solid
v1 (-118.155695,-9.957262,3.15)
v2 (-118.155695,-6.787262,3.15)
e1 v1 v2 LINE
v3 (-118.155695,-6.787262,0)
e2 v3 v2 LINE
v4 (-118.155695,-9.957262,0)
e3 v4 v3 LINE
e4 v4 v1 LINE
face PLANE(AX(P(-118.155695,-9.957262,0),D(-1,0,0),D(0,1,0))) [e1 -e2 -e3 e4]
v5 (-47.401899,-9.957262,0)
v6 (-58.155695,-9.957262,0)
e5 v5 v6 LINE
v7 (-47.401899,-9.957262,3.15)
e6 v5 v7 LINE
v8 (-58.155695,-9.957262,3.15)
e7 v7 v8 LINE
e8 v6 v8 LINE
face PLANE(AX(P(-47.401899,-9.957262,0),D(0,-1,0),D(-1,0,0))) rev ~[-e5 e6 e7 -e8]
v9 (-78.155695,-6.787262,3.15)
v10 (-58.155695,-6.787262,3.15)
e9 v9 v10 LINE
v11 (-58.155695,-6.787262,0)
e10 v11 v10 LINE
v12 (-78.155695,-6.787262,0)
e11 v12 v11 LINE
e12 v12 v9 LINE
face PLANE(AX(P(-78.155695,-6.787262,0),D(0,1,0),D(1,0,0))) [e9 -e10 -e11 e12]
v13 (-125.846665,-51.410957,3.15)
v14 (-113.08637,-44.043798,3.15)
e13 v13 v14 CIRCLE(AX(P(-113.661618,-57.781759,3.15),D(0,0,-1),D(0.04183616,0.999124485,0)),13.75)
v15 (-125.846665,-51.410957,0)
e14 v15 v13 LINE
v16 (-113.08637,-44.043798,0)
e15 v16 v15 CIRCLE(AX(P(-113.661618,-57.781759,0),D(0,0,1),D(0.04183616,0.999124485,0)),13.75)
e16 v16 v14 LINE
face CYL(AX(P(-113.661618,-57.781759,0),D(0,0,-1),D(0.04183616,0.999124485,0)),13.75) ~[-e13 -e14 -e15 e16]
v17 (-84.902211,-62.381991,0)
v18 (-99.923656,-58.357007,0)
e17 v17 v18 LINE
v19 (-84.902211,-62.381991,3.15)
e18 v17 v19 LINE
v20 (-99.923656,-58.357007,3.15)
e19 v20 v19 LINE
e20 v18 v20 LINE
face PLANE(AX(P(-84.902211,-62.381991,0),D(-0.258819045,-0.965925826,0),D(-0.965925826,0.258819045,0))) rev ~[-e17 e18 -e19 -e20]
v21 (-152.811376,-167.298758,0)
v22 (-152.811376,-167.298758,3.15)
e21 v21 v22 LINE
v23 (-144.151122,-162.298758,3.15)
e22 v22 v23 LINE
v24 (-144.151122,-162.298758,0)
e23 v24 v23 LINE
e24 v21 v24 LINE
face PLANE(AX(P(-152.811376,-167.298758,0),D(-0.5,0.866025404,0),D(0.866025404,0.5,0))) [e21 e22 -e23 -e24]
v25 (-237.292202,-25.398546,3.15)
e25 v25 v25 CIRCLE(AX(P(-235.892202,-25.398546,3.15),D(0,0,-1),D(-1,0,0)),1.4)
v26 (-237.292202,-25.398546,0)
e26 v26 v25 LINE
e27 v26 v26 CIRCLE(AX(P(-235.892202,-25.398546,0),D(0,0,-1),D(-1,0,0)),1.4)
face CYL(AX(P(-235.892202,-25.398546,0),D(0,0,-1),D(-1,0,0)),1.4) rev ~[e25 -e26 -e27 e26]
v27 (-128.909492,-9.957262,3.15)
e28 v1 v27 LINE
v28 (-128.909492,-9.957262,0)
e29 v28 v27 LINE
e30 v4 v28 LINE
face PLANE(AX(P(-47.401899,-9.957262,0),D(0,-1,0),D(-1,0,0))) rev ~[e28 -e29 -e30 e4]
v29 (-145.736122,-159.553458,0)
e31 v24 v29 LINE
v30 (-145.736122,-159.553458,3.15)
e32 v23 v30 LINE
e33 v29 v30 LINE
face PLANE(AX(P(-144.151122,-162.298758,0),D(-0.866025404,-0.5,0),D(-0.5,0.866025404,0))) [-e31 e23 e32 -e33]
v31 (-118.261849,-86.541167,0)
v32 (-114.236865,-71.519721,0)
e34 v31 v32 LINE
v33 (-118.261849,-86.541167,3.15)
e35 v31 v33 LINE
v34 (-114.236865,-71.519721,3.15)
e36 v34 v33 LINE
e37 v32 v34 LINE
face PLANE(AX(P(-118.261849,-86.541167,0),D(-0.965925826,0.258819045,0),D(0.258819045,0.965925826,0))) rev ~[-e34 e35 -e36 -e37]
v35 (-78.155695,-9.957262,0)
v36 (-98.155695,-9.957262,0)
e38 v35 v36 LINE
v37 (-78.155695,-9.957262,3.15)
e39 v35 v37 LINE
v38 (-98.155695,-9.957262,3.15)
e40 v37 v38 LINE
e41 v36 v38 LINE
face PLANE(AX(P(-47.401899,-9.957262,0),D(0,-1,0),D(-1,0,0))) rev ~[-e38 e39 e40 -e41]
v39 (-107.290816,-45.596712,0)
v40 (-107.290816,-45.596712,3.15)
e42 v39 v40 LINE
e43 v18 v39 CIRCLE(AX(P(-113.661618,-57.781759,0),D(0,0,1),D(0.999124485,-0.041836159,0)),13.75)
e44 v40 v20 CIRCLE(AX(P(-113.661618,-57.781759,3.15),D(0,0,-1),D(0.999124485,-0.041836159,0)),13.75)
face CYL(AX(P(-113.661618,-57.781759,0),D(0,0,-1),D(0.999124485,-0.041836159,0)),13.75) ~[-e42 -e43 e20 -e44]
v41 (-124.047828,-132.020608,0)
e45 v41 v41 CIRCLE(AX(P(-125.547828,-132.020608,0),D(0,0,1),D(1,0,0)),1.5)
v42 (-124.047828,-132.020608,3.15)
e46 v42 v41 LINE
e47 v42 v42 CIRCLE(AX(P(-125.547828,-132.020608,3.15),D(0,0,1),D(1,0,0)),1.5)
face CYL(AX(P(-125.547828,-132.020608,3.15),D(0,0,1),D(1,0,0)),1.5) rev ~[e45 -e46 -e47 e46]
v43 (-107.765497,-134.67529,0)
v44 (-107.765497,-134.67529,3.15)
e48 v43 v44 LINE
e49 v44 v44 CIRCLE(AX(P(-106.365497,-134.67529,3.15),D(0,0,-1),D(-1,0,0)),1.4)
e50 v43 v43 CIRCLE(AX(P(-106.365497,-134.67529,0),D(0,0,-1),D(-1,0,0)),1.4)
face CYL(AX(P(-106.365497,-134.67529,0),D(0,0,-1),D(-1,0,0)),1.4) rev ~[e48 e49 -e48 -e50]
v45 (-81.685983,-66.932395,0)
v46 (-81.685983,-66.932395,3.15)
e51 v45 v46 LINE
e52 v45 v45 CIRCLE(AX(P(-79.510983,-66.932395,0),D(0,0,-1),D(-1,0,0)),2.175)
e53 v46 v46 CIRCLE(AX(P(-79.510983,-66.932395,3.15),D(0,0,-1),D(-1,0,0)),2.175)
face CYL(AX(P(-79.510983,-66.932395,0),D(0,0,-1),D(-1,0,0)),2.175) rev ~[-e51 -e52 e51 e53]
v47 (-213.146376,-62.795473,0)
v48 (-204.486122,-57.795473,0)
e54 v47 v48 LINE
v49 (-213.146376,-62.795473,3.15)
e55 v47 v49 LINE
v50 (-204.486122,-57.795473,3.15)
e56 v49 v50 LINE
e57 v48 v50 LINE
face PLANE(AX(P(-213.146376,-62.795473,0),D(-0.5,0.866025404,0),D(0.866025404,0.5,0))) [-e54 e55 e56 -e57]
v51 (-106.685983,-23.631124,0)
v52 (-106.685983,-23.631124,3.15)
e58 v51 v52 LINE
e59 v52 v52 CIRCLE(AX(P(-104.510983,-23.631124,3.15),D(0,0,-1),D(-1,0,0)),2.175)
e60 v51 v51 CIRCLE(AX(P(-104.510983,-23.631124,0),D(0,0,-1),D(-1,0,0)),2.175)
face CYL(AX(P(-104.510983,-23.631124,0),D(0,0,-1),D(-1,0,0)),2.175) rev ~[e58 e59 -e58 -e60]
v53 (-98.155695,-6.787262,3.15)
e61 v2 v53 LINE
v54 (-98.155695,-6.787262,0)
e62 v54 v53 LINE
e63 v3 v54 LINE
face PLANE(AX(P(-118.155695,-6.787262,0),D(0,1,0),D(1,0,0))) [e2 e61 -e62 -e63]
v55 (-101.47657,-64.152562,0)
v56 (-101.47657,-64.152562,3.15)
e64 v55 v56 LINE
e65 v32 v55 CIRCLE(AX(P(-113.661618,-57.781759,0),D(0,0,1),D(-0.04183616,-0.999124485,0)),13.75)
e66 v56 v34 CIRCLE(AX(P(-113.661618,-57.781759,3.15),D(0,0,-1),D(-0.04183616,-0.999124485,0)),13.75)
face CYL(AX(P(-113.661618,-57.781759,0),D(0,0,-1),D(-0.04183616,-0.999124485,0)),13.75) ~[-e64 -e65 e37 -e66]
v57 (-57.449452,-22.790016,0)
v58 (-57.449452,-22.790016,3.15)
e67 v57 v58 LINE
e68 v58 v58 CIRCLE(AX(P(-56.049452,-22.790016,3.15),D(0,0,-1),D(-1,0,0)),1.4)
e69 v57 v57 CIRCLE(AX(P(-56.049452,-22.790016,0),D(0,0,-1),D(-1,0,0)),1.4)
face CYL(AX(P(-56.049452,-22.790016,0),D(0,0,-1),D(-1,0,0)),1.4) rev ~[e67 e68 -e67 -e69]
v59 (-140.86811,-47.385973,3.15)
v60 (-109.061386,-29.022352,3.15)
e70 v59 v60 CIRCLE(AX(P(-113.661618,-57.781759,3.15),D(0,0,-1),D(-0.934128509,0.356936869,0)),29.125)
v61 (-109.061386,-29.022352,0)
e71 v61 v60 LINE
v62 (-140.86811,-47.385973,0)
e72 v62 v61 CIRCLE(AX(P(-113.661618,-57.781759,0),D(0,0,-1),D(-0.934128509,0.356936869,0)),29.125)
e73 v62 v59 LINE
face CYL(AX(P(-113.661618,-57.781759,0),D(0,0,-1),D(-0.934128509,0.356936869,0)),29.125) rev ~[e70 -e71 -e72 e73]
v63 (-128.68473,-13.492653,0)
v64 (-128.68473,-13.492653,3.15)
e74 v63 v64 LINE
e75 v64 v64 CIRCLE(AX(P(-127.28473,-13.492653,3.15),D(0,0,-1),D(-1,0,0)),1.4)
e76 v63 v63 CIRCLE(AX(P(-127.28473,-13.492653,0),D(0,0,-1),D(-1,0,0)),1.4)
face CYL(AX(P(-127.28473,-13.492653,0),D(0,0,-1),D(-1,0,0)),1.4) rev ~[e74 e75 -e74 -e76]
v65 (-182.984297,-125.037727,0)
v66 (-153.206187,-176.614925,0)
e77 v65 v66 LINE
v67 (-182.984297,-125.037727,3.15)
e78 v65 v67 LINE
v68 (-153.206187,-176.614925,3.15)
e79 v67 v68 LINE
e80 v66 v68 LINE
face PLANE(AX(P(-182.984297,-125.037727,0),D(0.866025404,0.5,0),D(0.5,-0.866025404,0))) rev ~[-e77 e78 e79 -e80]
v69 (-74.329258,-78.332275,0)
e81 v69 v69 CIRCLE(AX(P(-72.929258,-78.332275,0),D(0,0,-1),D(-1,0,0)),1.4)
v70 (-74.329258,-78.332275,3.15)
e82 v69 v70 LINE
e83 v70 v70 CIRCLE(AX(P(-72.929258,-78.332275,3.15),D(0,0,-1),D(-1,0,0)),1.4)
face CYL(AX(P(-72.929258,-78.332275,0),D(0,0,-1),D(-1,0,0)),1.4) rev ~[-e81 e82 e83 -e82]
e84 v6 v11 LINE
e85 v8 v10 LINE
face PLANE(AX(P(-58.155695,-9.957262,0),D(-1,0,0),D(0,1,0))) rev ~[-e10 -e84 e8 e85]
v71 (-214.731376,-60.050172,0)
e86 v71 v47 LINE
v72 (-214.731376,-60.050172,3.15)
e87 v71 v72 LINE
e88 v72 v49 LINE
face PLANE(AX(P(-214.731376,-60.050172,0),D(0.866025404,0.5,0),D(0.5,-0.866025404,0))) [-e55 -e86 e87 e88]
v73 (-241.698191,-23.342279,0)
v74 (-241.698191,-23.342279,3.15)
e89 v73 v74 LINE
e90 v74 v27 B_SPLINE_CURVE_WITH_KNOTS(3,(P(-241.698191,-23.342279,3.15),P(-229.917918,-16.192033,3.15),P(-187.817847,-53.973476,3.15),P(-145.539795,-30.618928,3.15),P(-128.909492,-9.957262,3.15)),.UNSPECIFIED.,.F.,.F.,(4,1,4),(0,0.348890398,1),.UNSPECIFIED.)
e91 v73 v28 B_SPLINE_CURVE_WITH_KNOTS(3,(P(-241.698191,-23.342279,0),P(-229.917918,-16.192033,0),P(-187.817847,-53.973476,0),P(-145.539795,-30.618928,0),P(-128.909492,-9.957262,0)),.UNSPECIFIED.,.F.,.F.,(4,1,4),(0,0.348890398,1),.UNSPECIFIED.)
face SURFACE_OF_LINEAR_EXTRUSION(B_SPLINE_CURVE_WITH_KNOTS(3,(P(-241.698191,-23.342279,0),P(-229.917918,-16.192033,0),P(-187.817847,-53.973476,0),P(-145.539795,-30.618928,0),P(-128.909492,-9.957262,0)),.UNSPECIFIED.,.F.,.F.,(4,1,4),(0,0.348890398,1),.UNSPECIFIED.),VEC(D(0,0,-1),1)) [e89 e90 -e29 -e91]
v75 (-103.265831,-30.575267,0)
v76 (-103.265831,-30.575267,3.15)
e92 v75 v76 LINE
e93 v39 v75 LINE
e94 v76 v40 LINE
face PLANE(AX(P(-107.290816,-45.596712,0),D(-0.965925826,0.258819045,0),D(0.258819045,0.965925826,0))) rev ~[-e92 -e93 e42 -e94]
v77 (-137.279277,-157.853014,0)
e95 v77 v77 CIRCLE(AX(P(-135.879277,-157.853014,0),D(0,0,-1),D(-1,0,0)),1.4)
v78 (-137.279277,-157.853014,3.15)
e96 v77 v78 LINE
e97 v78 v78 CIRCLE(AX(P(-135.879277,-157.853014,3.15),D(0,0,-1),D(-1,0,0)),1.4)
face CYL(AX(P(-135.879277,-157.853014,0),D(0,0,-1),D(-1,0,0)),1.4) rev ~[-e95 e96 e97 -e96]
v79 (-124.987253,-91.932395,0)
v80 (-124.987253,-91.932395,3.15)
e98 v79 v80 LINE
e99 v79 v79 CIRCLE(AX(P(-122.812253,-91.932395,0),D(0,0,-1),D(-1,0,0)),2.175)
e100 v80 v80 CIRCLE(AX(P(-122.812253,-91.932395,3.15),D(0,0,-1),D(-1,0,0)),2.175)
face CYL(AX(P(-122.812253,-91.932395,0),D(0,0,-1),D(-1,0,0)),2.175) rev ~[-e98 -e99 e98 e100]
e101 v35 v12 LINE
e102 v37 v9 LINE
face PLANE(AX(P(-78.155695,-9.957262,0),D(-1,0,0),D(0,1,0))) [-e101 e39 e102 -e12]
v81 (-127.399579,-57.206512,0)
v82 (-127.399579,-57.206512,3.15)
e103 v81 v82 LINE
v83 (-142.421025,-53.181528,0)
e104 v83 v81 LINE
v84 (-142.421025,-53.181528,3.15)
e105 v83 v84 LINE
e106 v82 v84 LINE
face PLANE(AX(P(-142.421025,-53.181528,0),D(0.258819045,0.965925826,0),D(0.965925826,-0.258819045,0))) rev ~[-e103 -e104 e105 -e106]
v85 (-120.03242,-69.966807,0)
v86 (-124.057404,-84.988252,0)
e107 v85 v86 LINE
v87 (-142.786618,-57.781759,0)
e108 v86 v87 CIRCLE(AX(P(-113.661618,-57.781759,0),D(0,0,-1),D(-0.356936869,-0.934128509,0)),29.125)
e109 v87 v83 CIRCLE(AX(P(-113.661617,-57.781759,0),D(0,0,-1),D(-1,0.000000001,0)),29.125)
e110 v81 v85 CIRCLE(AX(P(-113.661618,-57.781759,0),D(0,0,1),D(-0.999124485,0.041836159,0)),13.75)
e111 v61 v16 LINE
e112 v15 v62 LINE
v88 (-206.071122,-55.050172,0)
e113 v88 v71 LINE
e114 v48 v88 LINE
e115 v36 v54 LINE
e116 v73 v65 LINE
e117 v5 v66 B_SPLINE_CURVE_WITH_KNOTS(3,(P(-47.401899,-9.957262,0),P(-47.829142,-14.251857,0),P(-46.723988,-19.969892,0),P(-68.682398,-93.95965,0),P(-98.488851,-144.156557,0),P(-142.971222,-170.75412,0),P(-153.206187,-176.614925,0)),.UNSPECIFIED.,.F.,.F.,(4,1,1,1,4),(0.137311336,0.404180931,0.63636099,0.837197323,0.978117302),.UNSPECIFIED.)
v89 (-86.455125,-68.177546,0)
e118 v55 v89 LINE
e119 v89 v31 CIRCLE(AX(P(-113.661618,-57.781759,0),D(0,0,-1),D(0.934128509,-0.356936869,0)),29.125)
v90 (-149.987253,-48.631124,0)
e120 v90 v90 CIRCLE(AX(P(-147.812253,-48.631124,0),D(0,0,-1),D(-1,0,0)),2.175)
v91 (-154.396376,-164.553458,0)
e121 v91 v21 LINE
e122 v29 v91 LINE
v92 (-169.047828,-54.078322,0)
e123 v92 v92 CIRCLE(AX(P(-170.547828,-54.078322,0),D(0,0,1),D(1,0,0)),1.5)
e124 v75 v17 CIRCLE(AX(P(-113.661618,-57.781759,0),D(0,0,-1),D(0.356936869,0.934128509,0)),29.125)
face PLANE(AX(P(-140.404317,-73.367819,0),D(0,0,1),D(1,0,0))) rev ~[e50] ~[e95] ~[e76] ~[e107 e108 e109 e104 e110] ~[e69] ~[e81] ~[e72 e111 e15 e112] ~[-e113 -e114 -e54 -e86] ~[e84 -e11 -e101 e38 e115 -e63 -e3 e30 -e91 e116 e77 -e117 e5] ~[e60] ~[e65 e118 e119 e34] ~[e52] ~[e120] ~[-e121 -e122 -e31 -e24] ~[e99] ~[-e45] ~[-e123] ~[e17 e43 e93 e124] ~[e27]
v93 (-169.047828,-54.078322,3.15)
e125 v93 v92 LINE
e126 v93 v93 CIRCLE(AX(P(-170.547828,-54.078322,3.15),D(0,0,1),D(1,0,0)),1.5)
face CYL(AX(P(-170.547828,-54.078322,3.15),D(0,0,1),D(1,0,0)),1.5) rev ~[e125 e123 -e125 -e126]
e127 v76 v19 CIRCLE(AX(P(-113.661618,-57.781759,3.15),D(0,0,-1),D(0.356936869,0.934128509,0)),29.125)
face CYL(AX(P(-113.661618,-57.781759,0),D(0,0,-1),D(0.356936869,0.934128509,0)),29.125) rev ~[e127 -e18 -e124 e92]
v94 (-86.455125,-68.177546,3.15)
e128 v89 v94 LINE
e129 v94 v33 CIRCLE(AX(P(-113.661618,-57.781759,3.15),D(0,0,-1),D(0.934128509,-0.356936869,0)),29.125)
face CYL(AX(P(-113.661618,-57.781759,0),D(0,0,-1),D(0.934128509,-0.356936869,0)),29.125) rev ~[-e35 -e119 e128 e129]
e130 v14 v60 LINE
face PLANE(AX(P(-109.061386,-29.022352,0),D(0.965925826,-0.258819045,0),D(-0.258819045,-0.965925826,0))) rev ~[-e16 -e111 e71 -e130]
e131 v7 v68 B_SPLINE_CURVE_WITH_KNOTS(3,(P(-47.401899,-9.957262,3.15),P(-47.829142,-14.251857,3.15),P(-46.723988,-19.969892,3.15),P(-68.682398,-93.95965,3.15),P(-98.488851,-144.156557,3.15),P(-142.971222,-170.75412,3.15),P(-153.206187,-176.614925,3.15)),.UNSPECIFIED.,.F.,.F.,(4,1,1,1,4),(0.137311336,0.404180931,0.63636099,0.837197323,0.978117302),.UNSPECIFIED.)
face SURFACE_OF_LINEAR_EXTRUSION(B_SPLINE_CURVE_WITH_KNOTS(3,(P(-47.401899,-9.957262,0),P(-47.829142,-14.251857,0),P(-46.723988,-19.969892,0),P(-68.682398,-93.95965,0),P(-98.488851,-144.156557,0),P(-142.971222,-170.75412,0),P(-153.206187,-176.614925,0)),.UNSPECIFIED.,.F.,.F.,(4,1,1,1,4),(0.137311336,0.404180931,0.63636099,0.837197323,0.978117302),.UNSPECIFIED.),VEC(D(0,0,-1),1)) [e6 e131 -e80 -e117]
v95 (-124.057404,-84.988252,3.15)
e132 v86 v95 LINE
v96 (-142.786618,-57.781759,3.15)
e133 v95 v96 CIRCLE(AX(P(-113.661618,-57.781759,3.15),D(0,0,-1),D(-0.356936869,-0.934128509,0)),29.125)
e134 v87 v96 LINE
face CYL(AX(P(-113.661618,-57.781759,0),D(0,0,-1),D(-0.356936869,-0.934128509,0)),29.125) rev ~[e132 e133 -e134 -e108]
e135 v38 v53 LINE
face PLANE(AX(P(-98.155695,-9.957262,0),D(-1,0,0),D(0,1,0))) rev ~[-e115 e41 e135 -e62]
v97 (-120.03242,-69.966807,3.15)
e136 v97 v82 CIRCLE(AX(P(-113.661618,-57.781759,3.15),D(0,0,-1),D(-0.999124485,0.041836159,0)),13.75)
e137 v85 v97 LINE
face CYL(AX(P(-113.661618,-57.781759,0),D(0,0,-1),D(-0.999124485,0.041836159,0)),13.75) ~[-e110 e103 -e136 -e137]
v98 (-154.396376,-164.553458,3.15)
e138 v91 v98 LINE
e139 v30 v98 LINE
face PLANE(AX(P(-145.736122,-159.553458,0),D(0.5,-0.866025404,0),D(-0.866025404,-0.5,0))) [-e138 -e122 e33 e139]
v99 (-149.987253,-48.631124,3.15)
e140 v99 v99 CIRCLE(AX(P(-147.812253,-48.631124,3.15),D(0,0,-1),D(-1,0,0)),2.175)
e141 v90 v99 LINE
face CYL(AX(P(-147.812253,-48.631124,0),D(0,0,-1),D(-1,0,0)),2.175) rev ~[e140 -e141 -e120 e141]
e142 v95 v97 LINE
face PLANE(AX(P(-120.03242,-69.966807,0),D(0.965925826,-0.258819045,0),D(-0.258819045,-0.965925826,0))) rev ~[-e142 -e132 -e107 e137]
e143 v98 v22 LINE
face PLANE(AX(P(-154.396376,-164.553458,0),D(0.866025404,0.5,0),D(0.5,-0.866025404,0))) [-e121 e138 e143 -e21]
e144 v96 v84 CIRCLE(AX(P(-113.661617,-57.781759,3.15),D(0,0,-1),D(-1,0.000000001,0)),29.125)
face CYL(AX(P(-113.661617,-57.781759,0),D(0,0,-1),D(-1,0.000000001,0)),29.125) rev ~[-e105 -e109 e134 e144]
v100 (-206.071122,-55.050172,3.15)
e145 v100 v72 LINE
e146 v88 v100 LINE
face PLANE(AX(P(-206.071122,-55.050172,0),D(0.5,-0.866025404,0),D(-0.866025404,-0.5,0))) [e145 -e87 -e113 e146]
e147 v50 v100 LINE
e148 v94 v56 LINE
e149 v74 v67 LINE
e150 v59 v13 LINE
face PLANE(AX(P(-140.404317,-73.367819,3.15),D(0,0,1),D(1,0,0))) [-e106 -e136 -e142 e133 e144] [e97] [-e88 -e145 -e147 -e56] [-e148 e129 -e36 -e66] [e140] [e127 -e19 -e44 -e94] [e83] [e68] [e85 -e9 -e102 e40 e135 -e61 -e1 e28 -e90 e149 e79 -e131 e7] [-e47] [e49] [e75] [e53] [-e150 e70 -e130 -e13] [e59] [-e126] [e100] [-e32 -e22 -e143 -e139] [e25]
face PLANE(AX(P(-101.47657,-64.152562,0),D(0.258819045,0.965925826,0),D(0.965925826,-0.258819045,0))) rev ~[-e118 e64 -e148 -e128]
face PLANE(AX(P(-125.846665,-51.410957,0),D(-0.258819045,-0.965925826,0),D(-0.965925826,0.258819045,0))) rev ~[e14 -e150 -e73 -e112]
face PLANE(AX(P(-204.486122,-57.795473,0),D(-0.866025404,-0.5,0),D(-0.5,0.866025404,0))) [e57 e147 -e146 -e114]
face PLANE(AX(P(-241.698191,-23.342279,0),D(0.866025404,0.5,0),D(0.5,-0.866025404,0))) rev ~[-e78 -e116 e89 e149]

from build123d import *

# Parameters (mm, degrees)
SKETCH1_W           = 20
SKETCH1_H           = 3.17
BOSS_EXTRUDE1_DEPTH = 3.15
SKETCH3_R           = 1.5
CUT_EXTRUDE3_DEPTH  = 4
SKETCH4_R           = 1.4
CUT_EXTRUDE4_DEPTH  = 300.367282694
SKETCH5_R           = 1.4
CUT_EXTRUDE5_DEPTH  = 10
SKETCH8_R           = 1.4
CUT_EXTRUDE6_DEPTH  = 3.15
SKETCH10_R          = 2.175
CUT_EXTRUDE9_DEPTH  = 10


with BuildPart() as part:
    # Sketch1 → Boss-Extrude1 (new body)
    # profile 1 of 3: a face of its own
    with BuildSketch(Plane.XY):
        with BuildLine():
            Line((-241.698190941, -23.342278563), (-182.984296622, -125.037726634))
            Line((-182.984296622, -125.037726634), (-153.206187055, -176.614925358))
            add(Edge.make_bspline(
                [(-47.401899165, -9.957262145), (-47.829142386, -14.25185708), (-46.723988324, -19.969891501), (-68.682398123, -93.959649611), (-98.488851457, -144.156557444), (-142.971221813, -170.754120269), (-153.206187055, -176.614925358)],
                knots=[0.137311336, 0.137311336, 0.137311336, 0.137311336, 0.404180931, 0.63636099, 0.837197323, 0.978117302, 0.978117302, 0.978117302, 0.978117302], degree=3))
            Line((-47.401899165, -9.957262145), (-128.909491715, -9.957262145))
            add(Edge.make_bspline(
                [(-241.698190941, -23.342278563), (-229.917917727, -16.192032852), (-187.817846519, -53.973476211), (-145.539794723, -30.618927667), (-128.909491715, -9.957262145)],
                knots=[0, 0, 0, 0, 0.348890398, 1, 1, 1, 1], degree=3))
        make_face()
        Polygon((-206.071121951, -55.050172178), (-214.731375989, -60.050172178), (-213.146375989, -62.795472708), (-204.486121951, -57.795472708), align=None, mode=Mode.SUBTRACT)
        Polygon((-145.736121951, -159.553457653), (-154.396375989, -164.553457653), (-152.811375989, -167.298758183), (-144.151121951, -162.298758183), align=None, mode=Mode.SUBTRACT)
    # profile 2 of 3: a face of its own
    with BuildSketch(Plane.XY):
        with Locations((-108.15569544, -8.372262145)):
            Rectangle(SKETCH1_W, SKETCH1_H)
    # profile 3 of 3: a face of its own
    with BuildSketch(Plane.XY):
        with Locations((-68.15569544, -8.372262145)):
            Rectangle(SKETCH1_W, SKETCH1_H)
    extrude(amount=BOSS_EXTRUDE1_DEPTH)

    # Sketch3 → Cut-Extrude3 (cut)
    with BuildSketch(Plane.XY.offset(3.15)):
        with Locations((-170.547828083, -54.078322011)):
            Circle(SKETCH3_R)
        with Locations((-125.547828083, -132.020608351)):
            Circle(SKETCH3_R)
    extrude(amount=-CUT_EXTRUDE3_DEPTH, mode=Mode.SUBTRACT)

    # Sketch4 → Cut-Extrude4 (cut, through all)
    with BuildSketch(Plane(origin=(0, 0, 0), x_dir=(-1, 0, 0), z_dir=(0, 0, -1))):
        with Locations((235.892202029, -25.398546347)):
            Circle(SKETCH4_R)
    extrude(amount=-CUT_EXTRUDE4_DEPTH, mode=Mode.SUBTRACT)

    # Sketch5 → Cut-Extrude5 (cut)
    with BuildSketch(Plane(origin=(0, 0, 0), x_dir=(-1, 0, 0), z_dir=(0, 0, -1))):
        with Locations((127.284730109, -13.492653155)):
            Circle(SKETCH5_R)
    extrude(amount=-CUT_EXTRUDE5_DEPTH, mode=Mode.SUBTRACT)

    # Sketch8 → Cut-Extrude6 (cut)
    with BuildSketch(Plane(origin=(0, 0, 0), x_dir=(-1, 0, 0), z_dir=(0, 0, -1))):
        with Locations((56.049452266, -22.790015721)):
            Circle(SKETCH8_R)
        with Locations((72.929258412, -78.332275214)):
            Circle(SKETCH8_R)
        with Locations((106.365497467, -134.675290405)):
            Circle(SKETCH8_R)
        with Locations((135.879277113, -157.853014262)):
            Circle(SKETCH8_R)
    extrude(amount=-CUT_EXTRUDE6_DEPTH, mode=Mode.SUBTRACT)

    # Sketch10 → Cut-Extrude9 (cut)
    with BuildSketch(Plane(origin=(0, 0, 0), x_dir=(-1, 0, 0), z_dir=(0, 0, -1))):
        with BuildLine():
            ThreePointArc((86.455124846, -68.17754579), (99.09911767, -83.004749353), (118.261849034, -86.541166561))
            Line((118.261849034, -86.541166561), (114.236864862, -71.519721131))
            ThreePointArc((114.236864862, -71.519721131), (106.78661767, -69.68960877), (101.476570277, -64.152561617))
            Line((101.476570277, -64.152561617), (86.455124846, -68.17754579))
        make_face()
        with BuildLine():
            ThreePointArc((103.265831348, -30.575266644), (88.438627785, -43.219259467), (84.902210576, -62.381990832))
            Line((84.902210576, -62.381990832), (99.923656006, -58.35700666))
            ThreePointArc((99.923656006, -58.35700666), (101.753768368, -50.906759467), (107.29081552, -45.596712075))
            Line((107.29081552, -45.596712075), (103.265831348, -30.575266644))
        make_face()
        with BuildLine():
            Line((125.846665063, -51.410957318), (140.868110493, -47.385973145))
            ThreePointArc((140.868110493, -47.385973145), (128.22411767, -32.558769582), (109.061386305, -29.022352374))
            Line((109.061386305, -29.022352374), (113.086370478, -44.043797804))
            ThreePointArc((113.086370478, -44.043797804), (120.53661767, -45.873910165), (125.846665063, -51.410957318))
        make_face()
        with BuildLine():
            Line((120.03241982, -69.96680686), (124.057403992, -84.988252291))
            ThreePointArc((124.057403992, -84.988252291), (137.651645824, -74.296727653), (142.78661767, -57.781759467))
            ThreePointArc((142.78661767, -57.781759467), (142.695075581, -55.474391553), (142.421024764, -53.181528103))
            Line((142.421024764, -53.181528103), (127.399579333, -57.206512275))
            ThreePointArc((127.399579333, -57.206512275), (125.569466972, -64.656759467), (120.03241982, -69.96680686))
        make_face()
        with Locations((147.812252764, -48.631124373)):
            Circle(SKETCH10_R)
        with Locations((104.510982575, -23.631124373)):
            Circle(SKETCH10_R)
        with Locations((79.510982575, -66.932394562)):
            Circle(SKETCH10_R)
        with Locations((122.812252764, -91.932394562)):
            Circle(SKETCH10_R)
    extrude(amount=-CUT_EXTRUDE9_DEPTH, mode=Mode.SUBTRACT)


solid = part.part
